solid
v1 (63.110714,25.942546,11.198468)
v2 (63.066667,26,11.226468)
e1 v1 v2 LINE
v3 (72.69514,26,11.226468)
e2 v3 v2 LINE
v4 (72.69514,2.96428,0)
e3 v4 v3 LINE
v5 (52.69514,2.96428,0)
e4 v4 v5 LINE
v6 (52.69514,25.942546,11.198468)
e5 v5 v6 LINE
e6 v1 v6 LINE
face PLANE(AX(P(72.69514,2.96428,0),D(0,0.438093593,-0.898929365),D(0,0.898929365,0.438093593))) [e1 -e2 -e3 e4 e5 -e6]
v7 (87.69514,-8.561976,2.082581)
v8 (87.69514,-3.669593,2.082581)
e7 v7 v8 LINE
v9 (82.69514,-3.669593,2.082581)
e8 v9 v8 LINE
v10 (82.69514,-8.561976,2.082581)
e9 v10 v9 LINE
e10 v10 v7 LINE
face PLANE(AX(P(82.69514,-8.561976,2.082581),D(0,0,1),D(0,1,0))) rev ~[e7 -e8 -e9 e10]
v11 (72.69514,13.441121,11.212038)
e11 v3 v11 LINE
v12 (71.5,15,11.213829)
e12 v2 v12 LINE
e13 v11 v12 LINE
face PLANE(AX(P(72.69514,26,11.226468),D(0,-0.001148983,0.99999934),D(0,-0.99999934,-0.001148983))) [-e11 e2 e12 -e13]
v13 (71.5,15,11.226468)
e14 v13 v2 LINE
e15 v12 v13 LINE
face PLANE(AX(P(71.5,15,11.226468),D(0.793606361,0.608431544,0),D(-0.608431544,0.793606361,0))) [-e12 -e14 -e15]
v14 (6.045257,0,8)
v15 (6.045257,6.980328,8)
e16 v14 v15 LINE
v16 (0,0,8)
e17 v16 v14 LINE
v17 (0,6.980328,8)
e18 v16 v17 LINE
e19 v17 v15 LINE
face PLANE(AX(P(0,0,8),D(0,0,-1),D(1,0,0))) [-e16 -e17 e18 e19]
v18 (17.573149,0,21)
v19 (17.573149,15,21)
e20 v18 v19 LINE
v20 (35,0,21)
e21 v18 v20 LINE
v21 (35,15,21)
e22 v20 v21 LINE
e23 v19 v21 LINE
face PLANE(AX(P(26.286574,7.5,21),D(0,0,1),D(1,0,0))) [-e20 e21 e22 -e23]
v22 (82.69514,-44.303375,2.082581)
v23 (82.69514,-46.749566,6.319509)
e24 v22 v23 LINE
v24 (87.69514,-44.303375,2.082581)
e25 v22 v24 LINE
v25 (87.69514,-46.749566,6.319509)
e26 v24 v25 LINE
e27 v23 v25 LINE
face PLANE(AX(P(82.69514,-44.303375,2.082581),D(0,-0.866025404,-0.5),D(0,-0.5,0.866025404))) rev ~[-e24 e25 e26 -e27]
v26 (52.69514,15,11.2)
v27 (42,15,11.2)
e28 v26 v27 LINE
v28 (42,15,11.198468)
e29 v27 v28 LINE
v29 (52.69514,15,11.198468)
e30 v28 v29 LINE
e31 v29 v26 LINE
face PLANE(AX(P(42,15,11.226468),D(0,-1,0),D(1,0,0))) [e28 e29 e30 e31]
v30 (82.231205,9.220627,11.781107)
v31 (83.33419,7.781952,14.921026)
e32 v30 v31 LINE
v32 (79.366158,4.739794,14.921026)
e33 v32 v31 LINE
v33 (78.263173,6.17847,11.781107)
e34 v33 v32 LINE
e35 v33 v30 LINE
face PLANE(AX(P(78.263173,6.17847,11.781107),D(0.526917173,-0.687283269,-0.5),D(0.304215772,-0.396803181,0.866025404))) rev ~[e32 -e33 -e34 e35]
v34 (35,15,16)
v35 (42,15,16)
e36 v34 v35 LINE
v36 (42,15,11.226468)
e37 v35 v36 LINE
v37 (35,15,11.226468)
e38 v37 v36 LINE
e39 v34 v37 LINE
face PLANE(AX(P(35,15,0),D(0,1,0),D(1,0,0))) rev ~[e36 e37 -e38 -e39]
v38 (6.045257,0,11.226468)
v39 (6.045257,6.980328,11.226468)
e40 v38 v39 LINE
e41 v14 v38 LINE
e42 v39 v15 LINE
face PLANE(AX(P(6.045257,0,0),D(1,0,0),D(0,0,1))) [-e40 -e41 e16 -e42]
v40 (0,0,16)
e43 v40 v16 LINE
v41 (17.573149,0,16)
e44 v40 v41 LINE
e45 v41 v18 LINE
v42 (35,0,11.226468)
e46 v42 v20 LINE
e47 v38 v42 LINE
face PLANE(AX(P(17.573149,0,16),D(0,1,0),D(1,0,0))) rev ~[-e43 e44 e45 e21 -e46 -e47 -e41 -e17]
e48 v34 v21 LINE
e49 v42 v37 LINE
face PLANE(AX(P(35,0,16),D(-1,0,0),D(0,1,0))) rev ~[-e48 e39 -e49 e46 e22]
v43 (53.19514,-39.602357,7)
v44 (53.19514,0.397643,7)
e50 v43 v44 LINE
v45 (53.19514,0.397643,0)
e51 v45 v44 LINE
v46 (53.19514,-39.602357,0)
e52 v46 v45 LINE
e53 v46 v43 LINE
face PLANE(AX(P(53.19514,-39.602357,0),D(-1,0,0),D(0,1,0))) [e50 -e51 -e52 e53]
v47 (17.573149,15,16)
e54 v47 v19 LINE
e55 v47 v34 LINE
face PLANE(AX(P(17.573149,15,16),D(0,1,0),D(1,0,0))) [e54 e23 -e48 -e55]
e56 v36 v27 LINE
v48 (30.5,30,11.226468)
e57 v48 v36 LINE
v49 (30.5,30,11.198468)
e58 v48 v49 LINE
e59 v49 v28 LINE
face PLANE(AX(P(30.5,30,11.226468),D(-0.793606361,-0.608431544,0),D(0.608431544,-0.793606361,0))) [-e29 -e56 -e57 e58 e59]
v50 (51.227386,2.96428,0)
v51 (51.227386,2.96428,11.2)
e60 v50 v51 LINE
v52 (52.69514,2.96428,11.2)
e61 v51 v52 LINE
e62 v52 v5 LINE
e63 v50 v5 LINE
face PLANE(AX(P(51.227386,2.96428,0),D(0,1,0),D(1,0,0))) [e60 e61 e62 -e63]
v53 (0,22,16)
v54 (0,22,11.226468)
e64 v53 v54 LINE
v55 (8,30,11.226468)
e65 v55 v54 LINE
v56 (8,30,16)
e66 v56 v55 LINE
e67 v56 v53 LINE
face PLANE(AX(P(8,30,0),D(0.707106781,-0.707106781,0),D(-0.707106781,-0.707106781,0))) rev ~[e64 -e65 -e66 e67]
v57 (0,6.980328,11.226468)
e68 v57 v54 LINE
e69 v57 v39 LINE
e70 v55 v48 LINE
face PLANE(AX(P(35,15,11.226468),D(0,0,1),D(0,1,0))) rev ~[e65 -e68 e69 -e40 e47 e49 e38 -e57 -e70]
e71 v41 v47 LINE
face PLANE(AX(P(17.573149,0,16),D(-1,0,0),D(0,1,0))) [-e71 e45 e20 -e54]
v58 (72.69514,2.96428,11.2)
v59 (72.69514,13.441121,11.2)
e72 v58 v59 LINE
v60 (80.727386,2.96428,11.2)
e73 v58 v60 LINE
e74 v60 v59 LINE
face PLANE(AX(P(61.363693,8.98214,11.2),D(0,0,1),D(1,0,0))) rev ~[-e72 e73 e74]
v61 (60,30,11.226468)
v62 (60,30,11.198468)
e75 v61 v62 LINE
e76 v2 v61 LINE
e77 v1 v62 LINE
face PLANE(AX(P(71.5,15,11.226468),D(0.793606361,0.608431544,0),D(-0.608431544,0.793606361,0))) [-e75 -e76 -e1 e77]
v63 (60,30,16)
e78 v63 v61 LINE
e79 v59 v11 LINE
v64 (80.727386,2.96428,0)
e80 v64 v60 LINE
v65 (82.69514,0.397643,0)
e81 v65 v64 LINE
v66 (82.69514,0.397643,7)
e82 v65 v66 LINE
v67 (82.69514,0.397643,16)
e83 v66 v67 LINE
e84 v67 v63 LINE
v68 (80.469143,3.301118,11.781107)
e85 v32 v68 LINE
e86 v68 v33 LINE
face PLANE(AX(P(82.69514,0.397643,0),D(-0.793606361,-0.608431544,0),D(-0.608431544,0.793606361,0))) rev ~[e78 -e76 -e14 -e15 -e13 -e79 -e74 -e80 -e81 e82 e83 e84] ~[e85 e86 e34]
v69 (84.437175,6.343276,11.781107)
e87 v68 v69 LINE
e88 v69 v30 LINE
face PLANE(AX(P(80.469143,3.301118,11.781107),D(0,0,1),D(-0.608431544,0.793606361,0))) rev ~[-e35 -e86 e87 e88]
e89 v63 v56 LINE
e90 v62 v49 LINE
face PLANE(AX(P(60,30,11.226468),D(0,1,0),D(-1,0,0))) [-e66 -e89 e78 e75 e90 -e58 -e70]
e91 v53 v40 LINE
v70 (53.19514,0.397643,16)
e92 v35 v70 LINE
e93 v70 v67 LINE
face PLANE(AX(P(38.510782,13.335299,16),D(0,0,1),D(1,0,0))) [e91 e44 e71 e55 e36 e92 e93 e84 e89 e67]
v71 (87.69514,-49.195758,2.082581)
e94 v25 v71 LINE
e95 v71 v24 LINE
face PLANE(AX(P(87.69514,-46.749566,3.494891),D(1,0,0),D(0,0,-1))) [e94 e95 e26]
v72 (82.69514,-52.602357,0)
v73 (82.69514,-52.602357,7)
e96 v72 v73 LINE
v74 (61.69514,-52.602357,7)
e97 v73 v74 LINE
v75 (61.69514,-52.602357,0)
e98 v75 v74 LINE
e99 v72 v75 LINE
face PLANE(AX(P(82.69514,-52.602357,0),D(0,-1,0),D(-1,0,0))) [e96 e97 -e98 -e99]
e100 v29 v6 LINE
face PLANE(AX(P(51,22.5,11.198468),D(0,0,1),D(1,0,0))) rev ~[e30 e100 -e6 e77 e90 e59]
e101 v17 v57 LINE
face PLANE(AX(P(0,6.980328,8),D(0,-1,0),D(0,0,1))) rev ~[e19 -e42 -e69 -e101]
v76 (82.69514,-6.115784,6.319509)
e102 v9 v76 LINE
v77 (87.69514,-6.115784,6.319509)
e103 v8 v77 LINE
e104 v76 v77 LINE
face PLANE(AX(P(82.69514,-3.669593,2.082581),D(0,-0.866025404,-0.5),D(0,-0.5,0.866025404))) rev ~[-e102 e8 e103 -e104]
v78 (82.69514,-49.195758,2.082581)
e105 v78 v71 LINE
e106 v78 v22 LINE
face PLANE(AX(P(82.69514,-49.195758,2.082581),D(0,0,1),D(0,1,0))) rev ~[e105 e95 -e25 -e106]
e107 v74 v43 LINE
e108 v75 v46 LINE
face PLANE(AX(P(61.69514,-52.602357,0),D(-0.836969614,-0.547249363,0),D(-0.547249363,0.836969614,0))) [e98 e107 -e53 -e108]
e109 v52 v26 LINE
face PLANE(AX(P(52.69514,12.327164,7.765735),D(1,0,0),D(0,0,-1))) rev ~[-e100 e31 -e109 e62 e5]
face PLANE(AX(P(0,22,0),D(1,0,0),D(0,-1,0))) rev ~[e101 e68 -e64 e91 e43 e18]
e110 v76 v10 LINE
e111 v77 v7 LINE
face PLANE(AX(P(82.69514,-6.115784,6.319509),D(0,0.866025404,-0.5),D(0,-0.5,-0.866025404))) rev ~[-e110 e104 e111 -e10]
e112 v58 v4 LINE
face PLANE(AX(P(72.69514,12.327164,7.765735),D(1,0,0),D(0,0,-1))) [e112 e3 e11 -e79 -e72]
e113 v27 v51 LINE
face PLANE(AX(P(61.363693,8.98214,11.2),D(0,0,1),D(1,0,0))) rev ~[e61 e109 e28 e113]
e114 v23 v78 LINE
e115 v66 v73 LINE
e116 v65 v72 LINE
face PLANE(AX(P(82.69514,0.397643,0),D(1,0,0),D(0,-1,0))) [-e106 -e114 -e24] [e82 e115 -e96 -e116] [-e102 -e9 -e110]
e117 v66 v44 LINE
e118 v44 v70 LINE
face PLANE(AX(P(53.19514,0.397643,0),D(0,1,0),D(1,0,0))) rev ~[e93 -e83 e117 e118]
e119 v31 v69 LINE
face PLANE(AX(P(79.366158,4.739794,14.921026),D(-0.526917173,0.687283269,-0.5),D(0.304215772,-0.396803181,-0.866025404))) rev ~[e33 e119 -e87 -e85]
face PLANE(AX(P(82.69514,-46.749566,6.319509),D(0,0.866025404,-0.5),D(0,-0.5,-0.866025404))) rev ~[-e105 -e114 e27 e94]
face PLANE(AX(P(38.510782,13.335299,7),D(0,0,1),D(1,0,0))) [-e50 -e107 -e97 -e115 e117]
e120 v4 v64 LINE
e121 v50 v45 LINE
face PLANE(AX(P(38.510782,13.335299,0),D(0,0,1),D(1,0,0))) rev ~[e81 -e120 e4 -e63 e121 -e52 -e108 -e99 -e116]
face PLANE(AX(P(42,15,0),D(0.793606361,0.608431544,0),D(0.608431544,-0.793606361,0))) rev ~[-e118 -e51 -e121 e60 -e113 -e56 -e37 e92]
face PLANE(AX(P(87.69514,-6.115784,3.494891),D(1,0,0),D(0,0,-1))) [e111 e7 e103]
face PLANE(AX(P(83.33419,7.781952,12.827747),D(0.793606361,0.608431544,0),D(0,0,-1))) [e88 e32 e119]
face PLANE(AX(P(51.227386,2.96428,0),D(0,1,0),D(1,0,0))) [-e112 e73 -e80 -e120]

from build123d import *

# Parameters (mm, degrees)
Y_KSEKLIK_EKSTR_ZYON1_DEPTH  = 7
Y_KSEKLIK_EKSTR_ZYON3_DEPTH  = 16
IZIM4_W                      = 28.954743141
IZIM4_H                      = 11.22646766
KES_EKSTR_ZYON1_DEPTH        = 46
IZIM5_W                      = 11.030629952
IZIM5_H                      = 8.549284238
KES_EKSTR_ZYON2_DEPTH        = 46
IZIM6_W                      = 6.045256859
IZIM6_H                      = 10.292433703
KES_EKSTR_ZYON3_DEPTH        = 46
IZIM7_W                      = 3.22646766
IZIM7_H                      = 15.019672312
KES_EKSTR_ZYON5_DEPTH        = 10
IZIM9_W                      = 11.22646766
IZIM9_H                      = 15
KES_EKSTR_ZYON6_DEPTH        = 50
KES_EKSTR_ZYON9_DEPTH        = 11.2
Y_KSEKLIK_EKSTR_ZYON4_DEPTH  = 5
Y_KSEKLIK_EKSTR_ZYON7_DEPTH  = 5
IZIM17_W                     = 17.426851058
IZIM17_H                     = 15
Y_KSEKLIK_EKSTR_ZYON8_DEPTH  = 5
Y_KSEKLIK_EKSTR_ZYON18_DEPTH = 0.028
Y_KSEKLIK_EKSTR_ZYON20_START = -10
Y_KSEKLIK_EKSTR_ZYON20_DEPTH = 20


with BuildPart() as part:
    # Çizim1 → Yükseklik-Ekstrüzyon1 (new body)
    with BuildSketch(Plane.XY):
        Polygon((42, 15), (53.195140403, 0.397642952), (82.695140403, 0.397642952), (60, 30), (8, 30), (0, 22), (0, 0), (35, 0), (35, 15), align=None)
        Polygon((61.695140403, -52.602357048), (53.195140403, -39.602357048), (53.195140403, 0.397642952), (82.695140403, 0.397642952), (82.695140403, -52.602357048), align=None)
    extrude(amount=Y_KSEKLIK_EKSTR_ZYON1_DEPTH)

    # Çizim2 → Yükseklik-Ekstrüzyon3 (add)
    with BuildSketch(Plane(origin=(0, 0, 0), x_dir=(-1, 0, 0), z_dir=(0, 0, -1))):
        Polygon((-53.195140403, 0.397642952), (-82.695140403, 0.397642952), (-60, 30), (-8, 30), (0, 22), (0, 0), (-35, 0), (-35, 15), (-42, 15), align=None)
    extrude(amount=-Y_KSEKLIK_EKSTR_ZYON3_DEPTH)

    # Çizim4 → Kes-Ekstrüzyon1 (cut)
    with BuildSketch(Plane.XZ):
        with Locations((20.522628429, 5.61323383)):
            Rectangle(IZIM4_W, IZIM4_H)
    extrude(amount=-KES_EKSTR_ZYON1_DEPTH, mode=Mode.SUBTRACT)

    # Çizim5 → Kes-Ekstrüzyon2 (cut)
    with BuildSketch(Plane(origin=(-11, 11, 0), x_dir=(0, 0, 1), z_dir=(-0.7071067811865477, 0.7071067811865475, 0))):
        with Locations((5.711152684, 19.830991305)):
            Rectangle(IZIM5_W, IZIM5_H)
    extrude(amount=-KES_EKSTR_ZYON2_DEPTH, mode=Mode.SUBTRACT)

    # Çizim6 → Kes-Ekstrüzyon3 (cut)
    with BuildSketch(Plane.XZ):
        with Locations((3.02262843, 2.853783148)):
            Rectangle(IZIM6_W, IZIM6_H)
    extrude(amount=-KES_EKSTR_ZYON3_DEPTH, mode=Mode.SUBTRACT)

    # Çizim7 → Kes-Ekstrüzyon5 (cut)
    with BuildSketch(Plane.ZY):
        with Locations((9.61323383, 14.490163844)):
            Rectangle(IZIM7_W, IZIM7_H)
    extrude(amount=-KES_EKSTR_ZYON5_DEPTH, mode=Mode.SUBTRACT)

    # Çizim9 → Kes-Ekstrüzyon6 (cut)
    with BuildSketch(Plane.ZY.offset(-35)):
        with Locations((5.61323383, 22.5)):
            Rectangle(IZIM9_W, IZIM9_H)
    extrude(amount=-KES_EKSTR_ZYON6_DEPTH, mode=Mode.SUBTRACT)

    # Çizim11 → Kes-Ekstrüzyon9 (cut)
    with BuildSketch(Plane(origin=(0, 0, 0), x_dir=(-1, 0, 0), z_dir=(0, 0, -1))):
        Polygon((-80.727385525, 2.96427975), (-71.5, 15), (-42, 15), (-51.227385525, 2.96427975), align=None)
    extrude(amount=-KES_EKSTR_ZYON9_DEPTH, mode=Mode.SUBTRACT)

    # Çizim14 → Yükseklik-Ekstrüzyon4 (add)
    with BuildSketch(Plane(origin=(82.695140403, 0, 0), x_dir=(0, 0, -1), z_dir=(1, 0, 0))):
        Polygon((-2.082581095, -49.195758149), (-2.082581095, -44.303374806), (-6.319509355, -46.749566478), align=None)
        Polygon((-2.082581095, -3.669592505), (-6.319509355, -6.115784177), (-2.082581095, -8.561975848), align=None)
    extrude(amount=Y_KSEKLIK_EKSTR_ZYON4_DEPTH)

    # Çizim15 → Yükseklik-Ekstrüzyon7 (add)
    with BuildSketch(Plane(origin=(52.274317705, 40.076976907, 0), x_dir=(0, 0, -1), z_dir=(0.7936063612919158, 0.6084315436571359, 0))):
        Polygon((-14.921026004, -44.527343425), (-11.781107025, -46.340176493), (-11.781107025, -42.714510357), align=None)
    extrude(amount=Y_KSEKLIK_EKSTR_ZYON7_DEPTH)

    # Çizim17 → Yükseklik-Ekstrüzyon8 (add)
    with BuildSketch(Plane.XY.offset(16)):
        with Locations((26.286574471, 7.5)):
            Rectangle(IZIM17_W, IZIM17_H)
    extrude(amount=Y_KSEKLIK_EKSTR_ZYON8_DEPTH)

    # Çizim21 → Yükseklik-Ekstrüzyon18 (add)
    with BuildSketch(Plane(origin=(0, 0, 11.22646766), x_dir=(-1, 0, 0), z_dir=(0, 0, -1))):
        Polygon((-42, 15), (-71.5, 15), (-60, 30), (-30.5, 30), align=None)
    extrude(amount=Y_KSEKLIK_EKSTR_ZYON18_DEPTH)

    # Çizim18 → Yükseklik-Ekstrüzyon20 (add)
    with BuildSketch(Plane(origin=(82.695140403, 0, 0), x_dir=(0, 0, -1), z_dir=(1, 0, 0)).offset(Y_KSEKLIK_EKSTR_ZYON20_START)):
        Polygon((0, 2.96427975), (-11.22646766, 26), (-11.2, 2.96427975), align=None)
    extrude(amount=-Y_KSEKLIK_EKSTR_ZYON20_DEPTH)


solid = part.part
